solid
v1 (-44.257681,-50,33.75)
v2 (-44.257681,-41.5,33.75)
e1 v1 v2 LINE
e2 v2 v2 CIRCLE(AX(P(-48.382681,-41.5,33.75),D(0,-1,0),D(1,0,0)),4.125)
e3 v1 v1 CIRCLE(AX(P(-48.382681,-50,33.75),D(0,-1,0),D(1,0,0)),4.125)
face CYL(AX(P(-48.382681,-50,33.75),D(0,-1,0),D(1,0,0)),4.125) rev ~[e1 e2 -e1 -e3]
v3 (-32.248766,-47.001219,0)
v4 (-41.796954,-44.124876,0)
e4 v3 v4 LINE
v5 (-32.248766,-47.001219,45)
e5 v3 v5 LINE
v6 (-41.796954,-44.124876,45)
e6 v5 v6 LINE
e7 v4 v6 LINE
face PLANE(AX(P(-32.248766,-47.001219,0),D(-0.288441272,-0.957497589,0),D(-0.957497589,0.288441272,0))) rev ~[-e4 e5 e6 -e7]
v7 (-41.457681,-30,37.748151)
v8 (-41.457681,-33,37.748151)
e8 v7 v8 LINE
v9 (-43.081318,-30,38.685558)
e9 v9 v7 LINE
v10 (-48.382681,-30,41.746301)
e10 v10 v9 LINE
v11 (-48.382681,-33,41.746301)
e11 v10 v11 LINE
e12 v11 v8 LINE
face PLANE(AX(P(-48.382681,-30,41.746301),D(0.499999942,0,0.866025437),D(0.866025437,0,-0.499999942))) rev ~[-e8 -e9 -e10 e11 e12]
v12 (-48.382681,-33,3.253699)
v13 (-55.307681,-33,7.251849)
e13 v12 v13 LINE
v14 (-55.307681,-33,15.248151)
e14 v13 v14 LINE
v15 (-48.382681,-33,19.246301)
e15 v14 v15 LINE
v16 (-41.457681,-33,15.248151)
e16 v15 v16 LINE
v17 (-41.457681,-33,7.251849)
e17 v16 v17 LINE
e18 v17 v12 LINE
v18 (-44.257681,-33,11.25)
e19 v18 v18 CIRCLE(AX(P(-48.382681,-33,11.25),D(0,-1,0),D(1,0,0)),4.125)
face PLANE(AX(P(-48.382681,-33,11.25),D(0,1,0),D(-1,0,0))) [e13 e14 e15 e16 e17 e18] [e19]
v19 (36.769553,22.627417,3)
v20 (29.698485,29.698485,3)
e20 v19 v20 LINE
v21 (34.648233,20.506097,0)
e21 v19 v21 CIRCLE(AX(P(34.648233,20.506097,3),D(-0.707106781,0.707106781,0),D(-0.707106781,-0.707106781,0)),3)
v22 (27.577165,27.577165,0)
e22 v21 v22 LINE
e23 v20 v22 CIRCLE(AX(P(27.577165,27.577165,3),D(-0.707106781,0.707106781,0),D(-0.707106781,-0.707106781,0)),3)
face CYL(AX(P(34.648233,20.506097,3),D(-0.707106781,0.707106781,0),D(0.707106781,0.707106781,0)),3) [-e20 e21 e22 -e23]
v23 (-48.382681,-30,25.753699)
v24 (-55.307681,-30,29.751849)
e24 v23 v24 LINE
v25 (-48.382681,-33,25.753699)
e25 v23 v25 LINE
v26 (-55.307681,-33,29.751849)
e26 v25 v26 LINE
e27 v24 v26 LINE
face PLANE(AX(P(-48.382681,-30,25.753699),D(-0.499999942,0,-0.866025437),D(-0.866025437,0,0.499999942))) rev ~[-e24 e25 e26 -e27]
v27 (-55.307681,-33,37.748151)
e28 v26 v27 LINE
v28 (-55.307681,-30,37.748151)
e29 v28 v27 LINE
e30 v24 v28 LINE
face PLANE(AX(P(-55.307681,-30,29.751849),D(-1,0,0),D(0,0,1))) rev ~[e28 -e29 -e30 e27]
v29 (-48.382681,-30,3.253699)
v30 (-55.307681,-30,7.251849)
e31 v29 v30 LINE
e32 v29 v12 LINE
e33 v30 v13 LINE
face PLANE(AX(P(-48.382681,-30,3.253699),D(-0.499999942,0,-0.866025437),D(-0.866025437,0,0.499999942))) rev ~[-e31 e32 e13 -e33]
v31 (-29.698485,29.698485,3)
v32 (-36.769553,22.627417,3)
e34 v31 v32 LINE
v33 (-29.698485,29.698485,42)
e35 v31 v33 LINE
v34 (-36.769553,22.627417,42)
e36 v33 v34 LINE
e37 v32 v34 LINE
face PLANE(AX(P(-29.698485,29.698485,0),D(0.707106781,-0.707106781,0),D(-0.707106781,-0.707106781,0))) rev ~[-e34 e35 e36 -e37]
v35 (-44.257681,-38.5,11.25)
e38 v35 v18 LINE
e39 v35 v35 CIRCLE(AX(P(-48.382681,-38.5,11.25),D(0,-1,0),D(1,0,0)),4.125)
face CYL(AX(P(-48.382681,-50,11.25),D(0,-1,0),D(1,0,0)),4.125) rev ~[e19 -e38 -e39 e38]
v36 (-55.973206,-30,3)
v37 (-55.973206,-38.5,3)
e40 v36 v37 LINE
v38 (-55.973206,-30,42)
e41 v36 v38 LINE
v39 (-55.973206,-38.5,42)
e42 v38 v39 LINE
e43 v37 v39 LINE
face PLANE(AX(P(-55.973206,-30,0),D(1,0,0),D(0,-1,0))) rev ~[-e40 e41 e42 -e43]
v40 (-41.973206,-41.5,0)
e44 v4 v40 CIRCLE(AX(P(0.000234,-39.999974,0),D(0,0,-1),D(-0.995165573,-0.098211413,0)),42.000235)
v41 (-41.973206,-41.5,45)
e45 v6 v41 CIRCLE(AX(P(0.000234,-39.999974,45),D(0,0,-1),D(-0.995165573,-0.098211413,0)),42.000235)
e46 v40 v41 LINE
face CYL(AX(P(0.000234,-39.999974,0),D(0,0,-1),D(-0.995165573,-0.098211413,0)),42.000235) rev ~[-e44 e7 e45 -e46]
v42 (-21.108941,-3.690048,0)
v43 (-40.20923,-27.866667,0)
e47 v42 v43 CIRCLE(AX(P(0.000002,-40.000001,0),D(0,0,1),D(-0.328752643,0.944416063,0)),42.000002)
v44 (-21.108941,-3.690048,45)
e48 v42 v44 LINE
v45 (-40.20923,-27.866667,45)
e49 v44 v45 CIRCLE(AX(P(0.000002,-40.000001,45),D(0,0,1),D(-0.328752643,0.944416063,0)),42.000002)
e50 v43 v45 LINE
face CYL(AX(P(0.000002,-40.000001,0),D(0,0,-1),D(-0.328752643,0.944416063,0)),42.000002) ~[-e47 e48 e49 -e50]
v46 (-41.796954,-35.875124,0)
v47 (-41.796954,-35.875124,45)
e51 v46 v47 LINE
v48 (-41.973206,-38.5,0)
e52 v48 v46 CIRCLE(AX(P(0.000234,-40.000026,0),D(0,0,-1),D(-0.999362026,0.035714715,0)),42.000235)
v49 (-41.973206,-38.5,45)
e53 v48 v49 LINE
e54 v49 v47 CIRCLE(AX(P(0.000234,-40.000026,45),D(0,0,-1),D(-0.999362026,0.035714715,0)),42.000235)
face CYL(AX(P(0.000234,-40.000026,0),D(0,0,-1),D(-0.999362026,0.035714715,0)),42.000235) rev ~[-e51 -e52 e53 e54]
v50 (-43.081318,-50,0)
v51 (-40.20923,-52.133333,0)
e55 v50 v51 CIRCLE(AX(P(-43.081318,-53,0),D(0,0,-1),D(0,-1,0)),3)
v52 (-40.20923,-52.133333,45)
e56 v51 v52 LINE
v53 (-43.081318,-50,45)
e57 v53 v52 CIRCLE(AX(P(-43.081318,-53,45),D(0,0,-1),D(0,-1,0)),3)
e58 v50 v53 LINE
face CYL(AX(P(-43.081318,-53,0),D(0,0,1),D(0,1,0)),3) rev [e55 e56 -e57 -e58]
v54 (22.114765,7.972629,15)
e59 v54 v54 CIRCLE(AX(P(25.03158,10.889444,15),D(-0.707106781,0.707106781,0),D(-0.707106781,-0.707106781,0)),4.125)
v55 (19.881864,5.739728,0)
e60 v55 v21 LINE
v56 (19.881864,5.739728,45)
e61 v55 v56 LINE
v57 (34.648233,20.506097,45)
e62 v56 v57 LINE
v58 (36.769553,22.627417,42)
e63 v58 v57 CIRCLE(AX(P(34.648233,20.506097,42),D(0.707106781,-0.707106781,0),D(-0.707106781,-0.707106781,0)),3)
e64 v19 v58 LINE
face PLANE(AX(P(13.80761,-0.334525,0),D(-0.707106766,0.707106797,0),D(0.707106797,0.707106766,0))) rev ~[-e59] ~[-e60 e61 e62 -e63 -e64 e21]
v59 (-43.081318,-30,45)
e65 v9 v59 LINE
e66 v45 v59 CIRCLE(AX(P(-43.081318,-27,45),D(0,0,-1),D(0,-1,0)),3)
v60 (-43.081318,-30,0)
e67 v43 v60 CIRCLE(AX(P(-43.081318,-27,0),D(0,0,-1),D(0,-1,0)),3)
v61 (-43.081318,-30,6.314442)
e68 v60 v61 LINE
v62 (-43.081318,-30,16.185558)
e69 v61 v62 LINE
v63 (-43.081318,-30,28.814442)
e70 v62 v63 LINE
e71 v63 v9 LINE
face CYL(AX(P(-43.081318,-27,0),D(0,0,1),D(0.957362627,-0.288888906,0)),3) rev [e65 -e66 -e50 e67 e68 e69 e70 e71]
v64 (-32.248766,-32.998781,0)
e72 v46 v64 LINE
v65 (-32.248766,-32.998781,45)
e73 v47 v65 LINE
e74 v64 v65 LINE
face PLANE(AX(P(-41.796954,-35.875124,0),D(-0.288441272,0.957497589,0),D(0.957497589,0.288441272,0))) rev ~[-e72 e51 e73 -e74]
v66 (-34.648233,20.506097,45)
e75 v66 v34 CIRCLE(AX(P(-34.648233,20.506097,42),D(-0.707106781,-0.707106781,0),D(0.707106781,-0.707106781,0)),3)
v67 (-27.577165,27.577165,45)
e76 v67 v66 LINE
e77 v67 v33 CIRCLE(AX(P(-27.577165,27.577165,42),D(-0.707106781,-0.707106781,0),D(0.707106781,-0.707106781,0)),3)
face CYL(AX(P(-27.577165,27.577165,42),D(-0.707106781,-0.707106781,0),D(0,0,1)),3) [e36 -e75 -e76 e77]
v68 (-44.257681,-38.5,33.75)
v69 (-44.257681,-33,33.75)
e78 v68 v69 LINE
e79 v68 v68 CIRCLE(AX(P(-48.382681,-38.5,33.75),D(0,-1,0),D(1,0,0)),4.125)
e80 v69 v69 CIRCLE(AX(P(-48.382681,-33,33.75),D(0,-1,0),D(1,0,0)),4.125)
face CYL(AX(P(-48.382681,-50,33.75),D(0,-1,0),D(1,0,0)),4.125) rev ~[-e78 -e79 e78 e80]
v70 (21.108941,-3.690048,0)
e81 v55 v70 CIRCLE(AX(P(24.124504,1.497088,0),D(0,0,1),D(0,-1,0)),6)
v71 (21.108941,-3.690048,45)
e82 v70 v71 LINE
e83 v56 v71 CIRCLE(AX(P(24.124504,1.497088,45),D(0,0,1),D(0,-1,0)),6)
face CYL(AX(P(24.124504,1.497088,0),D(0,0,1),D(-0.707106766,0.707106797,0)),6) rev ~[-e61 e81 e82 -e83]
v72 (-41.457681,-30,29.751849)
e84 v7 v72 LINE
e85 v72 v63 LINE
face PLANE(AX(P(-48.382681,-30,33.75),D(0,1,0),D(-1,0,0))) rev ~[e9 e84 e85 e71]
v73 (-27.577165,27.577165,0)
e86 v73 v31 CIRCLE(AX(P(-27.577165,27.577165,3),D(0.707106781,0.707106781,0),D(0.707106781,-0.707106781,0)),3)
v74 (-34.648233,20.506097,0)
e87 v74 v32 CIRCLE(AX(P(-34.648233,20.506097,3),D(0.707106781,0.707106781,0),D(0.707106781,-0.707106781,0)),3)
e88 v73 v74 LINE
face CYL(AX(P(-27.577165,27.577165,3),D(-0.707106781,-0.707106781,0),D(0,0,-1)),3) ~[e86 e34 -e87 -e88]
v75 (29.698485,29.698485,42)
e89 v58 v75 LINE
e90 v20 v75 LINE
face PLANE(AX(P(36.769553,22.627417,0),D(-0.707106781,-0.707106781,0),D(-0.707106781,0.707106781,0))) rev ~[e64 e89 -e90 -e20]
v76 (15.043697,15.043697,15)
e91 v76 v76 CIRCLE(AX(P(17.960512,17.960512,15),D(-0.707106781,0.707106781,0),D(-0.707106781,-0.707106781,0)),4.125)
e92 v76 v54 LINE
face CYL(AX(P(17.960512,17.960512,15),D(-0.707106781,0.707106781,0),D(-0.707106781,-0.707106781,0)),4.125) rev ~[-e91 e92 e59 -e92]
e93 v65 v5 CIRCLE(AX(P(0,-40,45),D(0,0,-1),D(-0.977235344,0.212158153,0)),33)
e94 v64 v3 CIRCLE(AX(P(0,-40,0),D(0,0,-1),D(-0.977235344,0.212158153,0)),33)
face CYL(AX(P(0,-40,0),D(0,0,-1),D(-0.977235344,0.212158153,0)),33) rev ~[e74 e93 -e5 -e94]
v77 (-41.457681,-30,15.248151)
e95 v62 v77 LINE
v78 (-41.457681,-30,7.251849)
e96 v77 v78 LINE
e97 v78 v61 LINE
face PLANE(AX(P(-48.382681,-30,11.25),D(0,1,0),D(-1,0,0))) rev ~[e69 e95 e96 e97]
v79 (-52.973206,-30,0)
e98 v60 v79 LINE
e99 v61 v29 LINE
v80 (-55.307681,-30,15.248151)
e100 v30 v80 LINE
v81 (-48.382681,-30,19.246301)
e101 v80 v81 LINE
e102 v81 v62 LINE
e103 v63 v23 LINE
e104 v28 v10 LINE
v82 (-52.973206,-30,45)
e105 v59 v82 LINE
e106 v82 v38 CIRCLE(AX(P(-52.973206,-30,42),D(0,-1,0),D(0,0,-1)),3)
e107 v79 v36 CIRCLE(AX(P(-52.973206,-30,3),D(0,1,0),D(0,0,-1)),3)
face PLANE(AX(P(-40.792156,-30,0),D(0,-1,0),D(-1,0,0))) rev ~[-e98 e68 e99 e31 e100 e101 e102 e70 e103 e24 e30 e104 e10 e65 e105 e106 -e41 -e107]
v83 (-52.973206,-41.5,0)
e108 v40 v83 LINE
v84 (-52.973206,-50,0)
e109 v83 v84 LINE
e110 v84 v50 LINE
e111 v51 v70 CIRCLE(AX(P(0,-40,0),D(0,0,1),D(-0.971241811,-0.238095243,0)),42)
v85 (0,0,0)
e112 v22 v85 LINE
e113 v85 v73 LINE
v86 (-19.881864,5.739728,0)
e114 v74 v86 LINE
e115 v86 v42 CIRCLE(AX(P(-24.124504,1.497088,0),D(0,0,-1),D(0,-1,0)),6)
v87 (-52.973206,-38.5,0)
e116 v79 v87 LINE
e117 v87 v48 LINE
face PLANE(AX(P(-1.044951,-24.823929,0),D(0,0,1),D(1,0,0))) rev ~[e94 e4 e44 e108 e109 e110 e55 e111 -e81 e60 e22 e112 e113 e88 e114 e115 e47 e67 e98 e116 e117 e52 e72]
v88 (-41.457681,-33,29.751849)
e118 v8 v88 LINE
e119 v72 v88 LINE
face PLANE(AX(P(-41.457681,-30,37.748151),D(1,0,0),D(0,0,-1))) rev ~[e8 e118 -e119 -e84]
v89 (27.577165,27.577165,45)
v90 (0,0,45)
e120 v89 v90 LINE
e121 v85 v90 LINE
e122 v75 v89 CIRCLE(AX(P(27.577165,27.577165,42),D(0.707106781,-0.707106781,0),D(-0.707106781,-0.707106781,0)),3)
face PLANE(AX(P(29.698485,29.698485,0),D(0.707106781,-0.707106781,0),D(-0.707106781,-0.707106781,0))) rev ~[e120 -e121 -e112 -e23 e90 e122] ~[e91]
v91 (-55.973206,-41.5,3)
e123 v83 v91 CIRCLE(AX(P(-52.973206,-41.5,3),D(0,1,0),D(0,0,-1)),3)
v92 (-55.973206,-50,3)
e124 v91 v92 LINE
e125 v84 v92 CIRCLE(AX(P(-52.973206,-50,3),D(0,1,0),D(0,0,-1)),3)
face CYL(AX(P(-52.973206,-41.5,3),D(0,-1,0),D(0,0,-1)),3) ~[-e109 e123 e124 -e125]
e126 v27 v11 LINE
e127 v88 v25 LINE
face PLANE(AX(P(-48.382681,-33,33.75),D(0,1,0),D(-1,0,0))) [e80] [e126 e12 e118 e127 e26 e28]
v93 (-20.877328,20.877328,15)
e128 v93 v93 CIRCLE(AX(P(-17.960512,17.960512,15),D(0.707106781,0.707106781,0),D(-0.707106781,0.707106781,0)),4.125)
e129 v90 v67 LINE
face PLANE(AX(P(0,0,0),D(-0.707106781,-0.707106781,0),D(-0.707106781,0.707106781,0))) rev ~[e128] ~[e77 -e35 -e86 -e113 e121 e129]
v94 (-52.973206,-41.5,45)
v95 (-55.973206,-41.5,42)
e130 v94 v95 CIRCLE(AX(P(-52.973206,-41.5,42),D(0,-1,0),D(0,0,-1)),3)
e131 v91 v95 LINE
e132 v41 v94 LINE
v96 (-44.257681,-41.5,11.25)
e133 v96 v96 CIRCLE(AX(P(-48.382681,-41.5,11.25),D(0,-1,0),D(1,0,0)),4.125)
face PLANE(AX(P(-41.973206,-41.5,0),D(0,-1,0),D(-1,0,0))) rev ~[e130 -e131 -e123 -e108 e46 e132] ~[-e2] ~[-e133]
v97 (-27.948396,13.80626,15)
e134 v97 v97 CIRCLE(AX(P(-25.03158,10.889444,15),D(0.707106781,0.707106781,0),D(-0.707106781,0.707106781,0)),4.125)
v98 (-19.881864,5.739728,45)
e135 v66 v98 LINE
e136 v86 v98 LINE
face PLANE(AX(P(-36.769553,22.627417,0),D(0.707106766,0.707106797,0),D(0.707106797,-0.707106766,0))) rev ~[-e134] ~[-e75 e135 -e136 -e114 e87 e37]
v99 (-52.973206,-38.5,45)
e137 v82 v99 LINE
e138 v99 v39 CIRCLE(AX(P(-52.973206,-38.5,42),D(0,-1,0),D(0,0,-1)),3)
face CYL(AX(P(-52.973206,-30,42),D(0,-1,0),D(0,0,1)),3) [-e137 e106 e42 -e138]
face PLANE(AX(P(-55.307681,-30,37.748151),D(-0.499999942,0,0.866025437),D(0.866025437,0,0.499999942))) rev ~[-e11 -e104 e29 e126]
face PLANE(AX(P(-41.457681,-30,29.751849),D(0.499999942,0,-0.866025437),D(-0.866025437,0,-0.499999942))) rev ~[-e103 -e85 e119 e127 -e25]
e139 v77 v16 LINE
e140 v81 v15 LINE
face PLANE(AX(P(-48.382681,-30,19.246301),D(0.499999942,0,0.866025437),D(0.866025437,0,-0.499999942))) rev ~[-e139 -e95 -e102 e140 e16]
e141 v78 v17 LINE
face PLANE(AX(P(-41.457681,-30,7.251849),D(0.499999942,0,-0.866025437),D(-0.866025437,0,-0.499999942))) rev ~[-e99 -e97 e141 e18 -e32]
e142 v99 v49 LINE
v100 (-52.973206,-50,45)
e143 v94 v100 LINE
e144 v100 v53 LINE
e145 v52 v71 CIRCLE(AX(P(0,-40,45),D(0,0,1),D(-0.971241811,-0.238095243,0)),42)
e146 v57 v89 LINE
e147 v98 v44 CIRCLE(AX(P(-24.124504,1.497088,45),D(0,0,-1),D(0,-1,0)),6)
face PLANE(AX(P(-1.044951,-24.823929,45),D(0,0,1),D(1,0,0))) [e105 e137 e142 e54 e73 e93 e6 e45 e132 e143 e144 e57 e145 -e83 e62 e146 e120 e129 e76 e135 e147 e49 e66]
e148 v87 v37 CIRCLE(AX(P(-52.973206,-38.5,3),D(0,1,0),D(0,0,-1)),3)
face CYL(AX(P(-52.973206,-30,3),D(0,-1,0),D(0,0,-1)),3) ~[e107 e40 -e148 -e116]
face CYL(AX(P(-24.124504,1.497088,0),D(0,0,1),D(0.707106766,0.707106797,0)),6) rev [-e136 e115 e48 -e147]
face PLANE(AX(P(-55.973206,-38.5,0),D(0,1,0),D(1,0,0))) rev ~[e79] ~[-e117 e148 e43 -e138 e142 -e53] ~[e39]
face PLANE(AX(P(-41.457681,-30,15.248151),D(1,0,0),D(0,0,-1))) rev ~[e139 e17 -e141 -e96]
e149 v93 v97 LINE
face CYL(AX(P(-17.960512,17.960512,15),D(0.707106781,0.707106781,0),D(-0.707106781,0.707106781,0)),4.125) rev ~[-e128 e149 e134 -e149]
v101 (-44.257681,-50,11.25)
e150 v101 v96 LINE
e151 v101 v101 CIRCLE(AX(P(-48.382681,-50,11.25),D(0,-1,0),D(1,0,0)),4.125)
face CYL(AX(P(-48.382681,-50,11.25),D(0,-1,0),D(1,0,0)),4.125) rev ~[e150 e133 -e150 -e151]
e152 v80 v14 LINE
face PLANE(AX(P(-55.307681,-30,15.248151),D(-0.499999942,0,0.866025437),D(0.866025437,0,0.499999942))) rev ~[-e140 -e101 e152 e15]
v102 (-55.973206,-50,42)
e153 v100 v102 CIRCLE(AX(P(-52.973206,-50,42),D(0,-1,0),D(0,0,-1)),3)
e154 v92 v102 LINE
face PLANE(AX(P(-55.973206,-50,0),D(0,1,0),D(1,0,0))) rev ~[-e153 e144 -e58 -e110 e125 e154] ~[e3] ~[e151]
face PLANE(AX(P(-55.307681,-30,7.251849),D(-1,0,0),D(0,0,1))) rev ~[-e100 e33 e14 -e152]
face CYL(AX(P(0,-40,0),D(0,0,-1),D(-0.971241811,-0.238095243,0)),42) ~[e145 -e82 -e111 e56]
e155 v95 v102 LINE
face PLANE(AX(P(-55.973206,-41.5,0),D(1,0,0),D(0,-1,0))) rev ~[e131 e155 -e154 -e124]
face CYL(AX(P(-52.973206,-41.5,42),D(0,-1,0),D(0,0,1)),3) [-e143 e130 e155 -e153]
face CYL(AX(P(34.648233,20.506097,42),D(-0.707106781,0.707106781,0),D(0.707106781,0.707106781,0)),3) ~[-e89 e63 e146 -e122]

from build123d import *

# Parameters (mm, degrees)
F1_DEPTH  = 45
F2_R      = 4.125
F3_DEPTH  = 10
F4_R      = 4.125
F5_DEPTH  = 10
F6_R      = 4.125
F7_DEPTH  = 20
F8_R      = 3
F10_DEPTH = 3
F11_R     = 6


with BuildPart() as f1:
    # F0 (on Top) → F1 (new body)
    with BuildSketch(Plane.XY):
        with BuildLine():
            Line((29.698485, 29.698485), (0, 0))
            Line((0, 0), (-29.698485, 29.698485))
            Line((-29.698485, 29.698485), (-36.769553, 22.627417))
            Line((-36.769553, 22.627417), (-13.80761, -0.334525))
            ThreePointArc((-13.80761, -0.334525), (-31.069176, -11.738608), (-40.792156, -30))
            ThreePointArc((-40.792156, -30), (-41.398908, -32.919715), (-41.796954, -35.875124))
            Line((-41.796954, -35.875124), (-32.248766, -32.998781))
            ThreePointArc((-32.248766, -32.998781), (33, -40), (-32.248766, -47.001219))
            Line((-32.248766, -47.001219), (-41.796954, -44.124876))
            ThreePointArc((-41.796954, -44.124876), (-41.398908, -47.080285), (-40.792156, -50))
            ThreePointArc((-40.792156, -50), (28.261392, -71.069176), (13.80761, -0.334525))
            Line((13.80761, -0.334525), (36.769553, 22.627417))
            Line((36.769553, 22.627417), (29.698485, 29.698485))
        make_face()
        with BuildLine():
            ThreePointArc((-41.796954, -35.875124), (-41.398908, -32.919715), (-40.792156, -30))
            Line((-40.792156, -30), (-55.973206, -30))
            Line((-55.973206, -30), (-55.973206, -38.5))
            Line((-55.973206, -38.5), (-41.973206, -38.5))
            ThreePointArc((-41.973206, -38.5), (-41.905637, -37.186182), (-41.796954, -35.875124))
        make_face()
        with BuildLine():
            Line((-55.973206, -50), (-40.792156, -50))
            ThreePointArc((-40.792156, -50), (-41.398908, -47.080285), (-41.796954, -44.124876))
            ThreePointArc((-41.796954, -44.124876), (-41.905637, -42.813818), (-41.973206, -41.5))
            Line((-41.973206, -41.5), (-55.973206, -41.5))
            Line((-55.973206, -41.5), (-55.973206, -50))
        make_face()
    extrude(amount=F1_DEPTH)

    # F2 (on face) → F3 (cut, through all)
    with BuildSketch(Plane(origin=(0, 0, 0), x_dir=(-0.707107, -0.707107, 0), z_dir=(-0.707107, 0.707107, 0))):
        with Locations((-25.4, 15)):
            Circle(F2_R)
    extrude(amount=-F3_DEPTH, mode=Mode.SUBTRACT)

    # F4 (on face) → F5 (cut, through all)
    with BuildSketch(Plane(origin=(0, 0, 0), x_dir=(-0.707107, 0.707107, 0), z_dir=(0.707107, 0.707107, 0))):
        with Locations((25.4, 15)):
            Circle(F4_R)
    extrude(amount=-F5_DEPTH, mode=Mode.SUBTRACT)

    # F6 (on face) → F7 (cut, through all)
    with BuildSketch(Plane.XZ.offset(50)):
        with Locations((-48.382681, 33.75)):
            Circle(F6_R)
        with Locations((-48.382681, 11.25)):
            Circle(F6_R)
    extrude(amount=-F7_DEPTH, mode=Mode.SUBTRACT)

    # F8
    f8_edges = [f1.edges().sort_by_distance(p)[0] for p in [
        (-55.973206, -34.25, 45),
        (-55.973206, -45.75, 45),
        (-55.973206, -45.75, 0),
        (-55.973206, -34.25, 0),
        (-33.234019, 26.162951, 45),
        (33.234019, 26.162951, 45),
        (33.234019, 26.162951, 0),
        (-33.234019, 26.162951, 0),
        (-40.792156, -30, 22.5),
        (-40.792156, -50, 22.5),
    ]]
    fillet(f8_edges, radius=F8_R)

    # F9 (on face) → F10 (cut)
    with BuildSketch(Plane(origin=(0, -30, 0), x_dir=(-1, 0, 0), z_dir=(0, 1, 0))):
        Polygon((55.307681, 37.748151), (48.382681, 41.746301), (41.457681, 37.748151), (41.457681, 29.751849), (48.382681, 25.753699), (55.307681, 29.751849), align=None)
        Polygon((55.307681, 7.251849), (55.307681, 15.248151), (48.382681, 19.246301), (41.457681, 15.248151), (41.457681, 7.251849), (48.382681, 3.253699), align=None)
    extrude(amount=-F10_DEPTH, mode=Mode.SUBTRACT)

    # F11
    f11_edges = [f1.edges().sort_by_distance(p)[0] for p in [
        (-13.80761, -0.334525, 22.5),
        (13.80761, -0.334525, 22.5),
    ]]
    fillet(f11_edges, radius=F11_R)


solid = f1.part
